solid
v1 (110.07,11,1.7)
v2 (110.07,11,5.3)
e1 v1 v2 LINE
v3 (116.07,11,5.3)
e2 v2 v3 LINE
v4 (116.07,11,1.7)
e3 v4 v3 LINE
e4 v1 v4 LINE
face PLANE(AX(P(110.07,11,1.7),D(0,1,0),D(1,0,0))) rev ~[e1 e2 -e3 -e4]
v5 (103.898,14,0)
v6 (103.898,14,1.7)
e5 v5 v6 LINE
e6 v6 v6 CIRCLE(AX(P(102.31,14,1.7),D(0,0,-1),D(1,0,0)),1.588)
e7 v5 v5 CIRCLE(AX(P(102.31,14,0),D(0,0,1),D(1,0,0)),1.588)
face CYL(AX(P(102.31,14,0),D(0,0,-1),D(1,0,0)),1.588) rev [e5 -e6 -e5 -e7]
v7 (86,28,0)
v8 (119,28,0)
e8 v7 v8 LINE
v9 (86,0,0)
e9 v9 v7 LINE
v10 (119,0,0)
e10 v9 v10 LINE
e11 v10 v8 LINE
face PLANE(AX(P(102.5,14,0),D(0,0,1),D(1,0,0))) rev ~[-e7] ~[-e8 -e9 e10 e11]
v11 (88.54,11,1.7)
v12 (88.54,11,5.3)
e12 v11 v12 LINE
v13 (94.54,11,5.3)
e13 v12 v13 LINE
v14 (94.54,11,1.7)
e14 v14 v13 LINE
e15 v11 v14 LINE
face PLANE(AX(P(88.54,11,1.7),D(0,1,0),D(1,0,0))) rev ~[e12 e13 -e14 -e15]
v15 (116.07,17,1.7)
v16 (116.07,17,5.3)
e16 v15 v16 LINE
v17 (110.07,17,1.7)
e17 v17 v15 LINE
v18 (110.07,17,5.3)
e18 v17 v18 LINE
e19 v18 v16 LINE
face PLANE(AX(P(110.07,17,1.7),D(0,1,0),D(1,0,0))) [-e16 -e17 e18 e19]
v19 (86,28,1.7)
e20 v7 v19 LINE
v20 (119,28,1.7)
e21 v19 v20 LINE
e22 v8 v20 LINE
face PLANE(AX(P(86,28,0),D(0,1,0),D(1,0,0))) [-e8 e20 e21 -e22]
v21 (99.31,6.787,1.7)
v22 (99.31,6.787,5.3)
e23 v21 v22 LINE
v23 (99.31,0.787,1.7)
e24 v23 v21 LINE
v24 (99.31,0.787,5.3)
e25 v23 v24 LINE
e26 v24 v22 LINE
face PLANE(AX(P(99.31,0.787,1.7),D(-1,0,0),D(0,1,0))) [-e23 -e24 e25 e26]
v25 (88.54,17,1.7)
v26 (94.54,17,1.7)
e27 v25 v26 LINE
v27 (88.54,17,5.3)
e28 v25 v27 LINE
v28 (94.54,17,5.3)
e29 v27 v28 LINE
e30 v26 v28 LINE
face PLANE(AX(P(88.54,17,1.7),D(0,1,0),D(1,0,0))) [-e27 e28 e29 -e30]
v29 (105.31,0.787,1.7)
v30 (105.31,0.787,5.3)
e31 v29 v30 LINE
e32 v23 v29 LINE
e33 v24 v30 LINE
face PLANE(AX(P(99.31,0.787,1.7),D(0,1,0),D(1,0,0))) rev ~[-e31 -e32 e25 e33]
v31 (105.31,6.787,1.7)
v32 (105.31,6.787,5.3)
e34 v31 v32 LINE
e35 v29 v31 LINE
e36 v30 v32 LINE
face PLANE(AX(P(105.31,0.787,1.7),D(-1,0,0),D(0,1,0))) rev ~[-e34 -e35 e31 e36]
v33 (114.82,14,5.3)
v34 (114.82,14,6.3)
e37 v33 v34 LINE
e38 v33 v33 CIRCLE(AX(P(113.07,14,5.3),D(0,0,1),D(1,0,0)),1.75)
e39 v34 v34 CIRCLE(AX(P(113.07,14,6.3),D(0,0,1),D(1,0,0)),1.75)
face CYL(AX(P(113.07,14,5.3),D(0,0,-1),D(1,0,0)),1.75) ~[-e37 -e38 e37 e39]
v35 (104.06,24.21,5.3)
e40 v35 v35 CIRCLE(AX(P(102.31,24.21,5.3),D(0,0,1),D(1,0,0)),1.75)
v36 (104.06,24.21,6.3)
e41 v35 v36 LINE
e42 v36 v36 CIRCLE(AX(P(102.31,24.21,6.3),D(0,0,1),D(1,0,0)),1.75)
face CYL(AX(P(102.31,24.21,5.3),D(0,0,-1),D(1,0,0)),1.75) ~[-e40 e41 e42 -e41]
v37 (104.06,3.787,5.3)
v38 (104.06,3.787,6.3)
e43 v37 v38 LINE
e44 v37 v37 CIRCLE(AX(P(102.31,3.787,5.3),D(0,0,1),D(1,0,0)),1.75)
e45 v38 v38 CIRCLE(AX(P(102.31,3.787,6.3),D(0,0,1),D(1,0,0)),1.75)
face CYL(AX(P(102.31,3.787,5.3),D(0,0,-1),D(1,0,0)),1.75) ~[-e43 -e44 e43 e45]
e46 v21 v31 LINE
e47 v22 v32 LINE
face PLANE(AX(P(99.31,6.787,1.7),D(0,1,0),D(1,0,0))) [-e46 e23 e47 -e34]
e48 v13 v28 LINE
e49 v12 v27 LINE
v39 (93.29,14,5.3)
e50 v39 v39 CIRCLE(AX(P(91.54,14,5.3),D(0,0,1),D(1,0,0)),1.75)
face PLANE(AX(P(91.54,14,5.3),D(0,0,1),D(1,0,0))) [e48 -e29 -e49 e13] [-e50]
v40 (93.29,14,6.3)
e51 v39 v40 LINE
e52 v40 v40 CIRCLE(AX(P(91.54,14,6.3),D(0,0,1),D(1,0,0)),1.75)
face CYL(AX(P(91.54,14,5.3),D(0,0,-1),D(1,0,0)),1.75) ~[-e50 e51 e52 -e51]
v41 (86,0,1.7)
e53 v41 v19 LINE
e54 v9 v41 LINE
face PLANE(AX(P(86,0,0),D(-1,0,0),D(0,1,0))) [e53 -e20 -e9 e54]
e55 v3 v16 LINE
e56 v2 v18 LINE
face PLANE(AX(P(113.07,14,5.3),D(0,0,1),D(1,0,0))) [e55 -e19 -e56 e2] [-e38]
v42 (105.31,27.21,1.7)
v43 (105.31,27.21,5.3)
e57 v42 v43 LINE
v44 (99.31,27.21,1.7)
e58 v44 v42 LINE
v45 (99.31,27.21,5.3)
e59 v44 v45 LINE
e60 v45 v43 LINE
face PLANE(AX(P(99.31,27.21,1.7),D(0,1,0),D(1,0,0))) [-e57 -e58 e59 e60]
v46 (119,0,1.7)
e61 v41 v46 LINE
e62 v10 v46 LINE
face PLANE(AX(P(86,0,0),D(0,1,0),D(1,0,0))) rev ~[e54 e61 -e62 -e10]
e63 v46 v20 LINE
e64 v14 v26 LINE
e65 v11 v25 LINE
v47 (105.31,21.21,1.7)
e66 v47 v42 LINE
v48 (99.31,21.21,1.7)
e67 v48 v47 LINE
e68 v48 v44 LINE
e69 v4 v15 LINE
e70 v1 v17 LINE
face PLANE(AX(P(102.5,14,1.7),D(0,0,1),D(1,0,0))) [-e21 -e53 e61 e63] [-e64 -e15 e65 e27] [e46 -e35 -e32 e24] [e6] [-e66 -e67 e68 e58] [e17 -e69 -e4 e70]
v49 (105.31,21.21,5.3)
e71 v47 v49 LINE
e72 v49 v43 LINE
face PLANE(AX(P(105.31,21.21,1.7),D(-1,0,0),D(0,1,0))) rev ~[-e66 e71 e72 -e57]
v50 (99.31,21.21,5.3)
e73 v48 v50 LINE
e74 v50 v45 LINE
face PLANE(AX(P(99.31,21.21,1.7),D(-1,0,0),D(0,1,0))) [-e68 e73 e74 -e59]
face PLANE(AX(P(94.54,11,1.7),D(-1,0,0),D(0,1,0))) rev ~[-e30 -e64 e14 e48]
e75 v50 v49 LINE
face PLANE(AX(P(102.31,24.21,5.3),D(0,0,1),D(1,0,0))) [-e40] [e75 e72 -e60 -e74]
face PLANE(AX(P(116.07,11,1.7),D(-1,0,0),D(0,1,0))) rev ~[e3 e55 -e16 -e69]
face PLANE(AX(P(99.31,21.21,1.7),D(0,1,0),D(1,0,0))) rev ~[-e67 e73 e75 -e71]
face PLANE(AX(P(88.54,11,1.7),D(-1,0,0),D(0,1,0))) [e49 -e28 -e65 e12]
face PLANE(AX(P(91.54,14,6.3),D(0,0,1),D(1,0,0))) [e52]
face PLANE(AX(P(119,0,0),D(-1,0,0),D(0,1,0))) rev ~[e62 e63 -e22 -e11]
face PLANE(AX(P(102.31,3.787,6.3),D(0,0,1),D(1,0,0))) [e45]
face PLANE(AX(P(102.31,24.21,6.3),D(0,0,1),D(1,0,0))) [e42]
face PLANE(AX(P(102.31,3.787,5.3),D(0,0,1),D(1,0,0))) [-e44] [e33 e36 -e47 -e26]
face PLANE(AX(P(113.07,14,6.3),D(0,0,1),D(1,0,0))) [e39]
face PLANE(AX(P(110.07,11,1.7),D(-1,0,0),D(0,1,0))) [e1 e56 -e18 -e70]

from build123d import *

# Parameters (mm, degrees)
CYLINDER001_R     = 1.75
CYLINDER001_DEPTH = 1
BOX002_W          = 6
BOX002_H          = 6
BOX002_DEPTH      = 3.6
CYLINDER002_R     = 1.75
CYLINDER002_DEPTH = 1
BOX003_W          = 6
BOX003_H          = 6
BOX003_DEPTH      = 3.6
CYLINDER003_R     = 1.75
CYLINDER003_DEPTH = 1
BOX004_W          = 6
BOX004_H          = 6
BOX004_DEPTH      = 3.6
CYLINDER004_R     = 1.588
CYLINDER004_DEPTH = 2
BOX001_W          = 33
BOX001_H          = 28
BOX001_DEPTH      = 1.7
CYLINDER_R        = 1.75
CYLINDER_DEPTH    = 1
BOX_W             = 6
BOX_H             = 6
BOX_DEPTH         = 3.6


with BuildPart() as btnrt_top:
    # Cylinder001 → Cylinder001 (new body)
    with BuildSketch(Plane(origin=(3, 3, 3.6), x_dir=(1, 0, 0), z_dir=(0, 0, 1))):
        Circle(CYLINDER001_R)
    extrude(amount=CYLINDER001_DEPTH)


with BuildPart() as btn2:
    # Box002 → Box002 (new body)
    with BuildSketch(Plane.XY):
        with Locations((3, 3)):
            Rectangle(BOX002_W, BOX002_H)
    extrude(amount=BOX002_DEPTH)

    # Fusion011: union Btnrt_Top
    add(btnrt_top.part)


with BuildPart() as btn2_1:
    # Fusion011 placement: moved
    add(btn2.part.moved(Location((24.07, 11, 1.7))))


with BuildPart() as btnup_top:
    # Cylinder002 → Cylinder002 (new body)
    with BuildSketch(Plane(origin=(3, 3, 3.6), x_dir=(1, 0, 0), z_dir=(0, 0, 1))):
        Circle(CYLINDER002_R)
    extrude(amount=CYLINDER002_DEPTH)


with BuildPart() as btn1:
    # Box003 → Box003 (new body)
    with BuildSketch(Plane.XY):
        with Locations((3, 3)):
            Rectangle(BOX003_W, BOX003_H)
    extrude(amount=BOX003_DEPTH)

    # Fusion010: union Btnup_Top
    add(btnup_top.part)


with BuildPart() as btn1_1:
    # Fusion010 placement: moved
    add(btn1.part.moved(Location((13.31, 21.21, 1.7))))


with BuildPart() as btndn_top:
    # Cylinder003 → Cylinder003 (new body)
    with BuildSketch(Plane(origin=(3, 3, 3.6), x_dir=(1, 0, 0), z_dir=(0, 0, 1))):
        Circle(CYLINDER003_R)
    extrude(amount=CYLINDER003_DEPTH)


with BuildPart() as btn3:
    # Box004 → Box004 (new body)
    with BuildSketch(Plane.XY):
        with Locations((3, 3)):
            Rectangle(BOX004_W, BOX004_H)
    extrude(amount=BOX004_DEPTH)

    # Fusion009: union Btndn_Top
    add(btndn_top.part)


with BuildPart() as btn3_1:
    # Fusion009 placement: moved
    add(btn3.part.moved(Location((13.31, 0.787, 1.7))))


with BuildPart() as dpad_center_hole:
    # Cylinder004 → Cylinder004 (new body)
    with BuildSketch(Plane(origin=(16.31, 14, 0), x_dir=(1, 0, 0), z_dir=(0, 0, 1))):
        Circle(CYLINDER004_R)
    extrude(amount=CYLINDER004_DEPTH)


with BuildPart() as cut006:
    # Box001 → Box001 (new body)
    with BuildSketch(Plane.XY):
        with Locations((16.5, 14)):
            Rectangle(BOX001_W, BOX001_H)
    extrude(amount=BOX001_DEPTH)

    # Cut006: cut Dpad_Center_Hole
    add(dpad_center_hole.part, mode=Mode.SUBTRACT)


with BuildPart() as btnlft_top:
    # Cylinder → Cylinder (new body)
    with BuildSketch(Plane(origin=(3, 3, 3.6), x_dir=(1, 0, 0), z_dir=(0, 0, 1))):
        Circle(CYLINDER_R)
    extrude(amount=CYLINDER_DEPTH)


with BuildPart() as main_buttons_pcb:
    # Box → Box (new body)
    with BuildSketch(Plane.XY):
        with Locations((3, 3)):
            Rectangle(BOX_W, BOX_H)
    extrude(amount=BOX_DEPTH)

    # Fusion012: union Btnlft_Top
    add(btnlft_top.part)


with BuildPart() as main_buttons_pcb_1:
    # Fusion012 placement: moved
    add(main_buttons_pcb.part.moved(Location((2.54, 11, 1.7))))

    # Fusion008: union Btn2, Btn1, Btn3, Cut006
    add(btn2_1.part)
    add(btn1_1.part)
    add(btn3_1.part)
    add(cut006.part)


with BuildPart() as main_buttons_pcb_2:
    # Fusion008 placement: moved
    add(main_buttons_pcb_1.part.moved(Location((86, 0, 0))))


solid = main_buttons_pcb_2.part
